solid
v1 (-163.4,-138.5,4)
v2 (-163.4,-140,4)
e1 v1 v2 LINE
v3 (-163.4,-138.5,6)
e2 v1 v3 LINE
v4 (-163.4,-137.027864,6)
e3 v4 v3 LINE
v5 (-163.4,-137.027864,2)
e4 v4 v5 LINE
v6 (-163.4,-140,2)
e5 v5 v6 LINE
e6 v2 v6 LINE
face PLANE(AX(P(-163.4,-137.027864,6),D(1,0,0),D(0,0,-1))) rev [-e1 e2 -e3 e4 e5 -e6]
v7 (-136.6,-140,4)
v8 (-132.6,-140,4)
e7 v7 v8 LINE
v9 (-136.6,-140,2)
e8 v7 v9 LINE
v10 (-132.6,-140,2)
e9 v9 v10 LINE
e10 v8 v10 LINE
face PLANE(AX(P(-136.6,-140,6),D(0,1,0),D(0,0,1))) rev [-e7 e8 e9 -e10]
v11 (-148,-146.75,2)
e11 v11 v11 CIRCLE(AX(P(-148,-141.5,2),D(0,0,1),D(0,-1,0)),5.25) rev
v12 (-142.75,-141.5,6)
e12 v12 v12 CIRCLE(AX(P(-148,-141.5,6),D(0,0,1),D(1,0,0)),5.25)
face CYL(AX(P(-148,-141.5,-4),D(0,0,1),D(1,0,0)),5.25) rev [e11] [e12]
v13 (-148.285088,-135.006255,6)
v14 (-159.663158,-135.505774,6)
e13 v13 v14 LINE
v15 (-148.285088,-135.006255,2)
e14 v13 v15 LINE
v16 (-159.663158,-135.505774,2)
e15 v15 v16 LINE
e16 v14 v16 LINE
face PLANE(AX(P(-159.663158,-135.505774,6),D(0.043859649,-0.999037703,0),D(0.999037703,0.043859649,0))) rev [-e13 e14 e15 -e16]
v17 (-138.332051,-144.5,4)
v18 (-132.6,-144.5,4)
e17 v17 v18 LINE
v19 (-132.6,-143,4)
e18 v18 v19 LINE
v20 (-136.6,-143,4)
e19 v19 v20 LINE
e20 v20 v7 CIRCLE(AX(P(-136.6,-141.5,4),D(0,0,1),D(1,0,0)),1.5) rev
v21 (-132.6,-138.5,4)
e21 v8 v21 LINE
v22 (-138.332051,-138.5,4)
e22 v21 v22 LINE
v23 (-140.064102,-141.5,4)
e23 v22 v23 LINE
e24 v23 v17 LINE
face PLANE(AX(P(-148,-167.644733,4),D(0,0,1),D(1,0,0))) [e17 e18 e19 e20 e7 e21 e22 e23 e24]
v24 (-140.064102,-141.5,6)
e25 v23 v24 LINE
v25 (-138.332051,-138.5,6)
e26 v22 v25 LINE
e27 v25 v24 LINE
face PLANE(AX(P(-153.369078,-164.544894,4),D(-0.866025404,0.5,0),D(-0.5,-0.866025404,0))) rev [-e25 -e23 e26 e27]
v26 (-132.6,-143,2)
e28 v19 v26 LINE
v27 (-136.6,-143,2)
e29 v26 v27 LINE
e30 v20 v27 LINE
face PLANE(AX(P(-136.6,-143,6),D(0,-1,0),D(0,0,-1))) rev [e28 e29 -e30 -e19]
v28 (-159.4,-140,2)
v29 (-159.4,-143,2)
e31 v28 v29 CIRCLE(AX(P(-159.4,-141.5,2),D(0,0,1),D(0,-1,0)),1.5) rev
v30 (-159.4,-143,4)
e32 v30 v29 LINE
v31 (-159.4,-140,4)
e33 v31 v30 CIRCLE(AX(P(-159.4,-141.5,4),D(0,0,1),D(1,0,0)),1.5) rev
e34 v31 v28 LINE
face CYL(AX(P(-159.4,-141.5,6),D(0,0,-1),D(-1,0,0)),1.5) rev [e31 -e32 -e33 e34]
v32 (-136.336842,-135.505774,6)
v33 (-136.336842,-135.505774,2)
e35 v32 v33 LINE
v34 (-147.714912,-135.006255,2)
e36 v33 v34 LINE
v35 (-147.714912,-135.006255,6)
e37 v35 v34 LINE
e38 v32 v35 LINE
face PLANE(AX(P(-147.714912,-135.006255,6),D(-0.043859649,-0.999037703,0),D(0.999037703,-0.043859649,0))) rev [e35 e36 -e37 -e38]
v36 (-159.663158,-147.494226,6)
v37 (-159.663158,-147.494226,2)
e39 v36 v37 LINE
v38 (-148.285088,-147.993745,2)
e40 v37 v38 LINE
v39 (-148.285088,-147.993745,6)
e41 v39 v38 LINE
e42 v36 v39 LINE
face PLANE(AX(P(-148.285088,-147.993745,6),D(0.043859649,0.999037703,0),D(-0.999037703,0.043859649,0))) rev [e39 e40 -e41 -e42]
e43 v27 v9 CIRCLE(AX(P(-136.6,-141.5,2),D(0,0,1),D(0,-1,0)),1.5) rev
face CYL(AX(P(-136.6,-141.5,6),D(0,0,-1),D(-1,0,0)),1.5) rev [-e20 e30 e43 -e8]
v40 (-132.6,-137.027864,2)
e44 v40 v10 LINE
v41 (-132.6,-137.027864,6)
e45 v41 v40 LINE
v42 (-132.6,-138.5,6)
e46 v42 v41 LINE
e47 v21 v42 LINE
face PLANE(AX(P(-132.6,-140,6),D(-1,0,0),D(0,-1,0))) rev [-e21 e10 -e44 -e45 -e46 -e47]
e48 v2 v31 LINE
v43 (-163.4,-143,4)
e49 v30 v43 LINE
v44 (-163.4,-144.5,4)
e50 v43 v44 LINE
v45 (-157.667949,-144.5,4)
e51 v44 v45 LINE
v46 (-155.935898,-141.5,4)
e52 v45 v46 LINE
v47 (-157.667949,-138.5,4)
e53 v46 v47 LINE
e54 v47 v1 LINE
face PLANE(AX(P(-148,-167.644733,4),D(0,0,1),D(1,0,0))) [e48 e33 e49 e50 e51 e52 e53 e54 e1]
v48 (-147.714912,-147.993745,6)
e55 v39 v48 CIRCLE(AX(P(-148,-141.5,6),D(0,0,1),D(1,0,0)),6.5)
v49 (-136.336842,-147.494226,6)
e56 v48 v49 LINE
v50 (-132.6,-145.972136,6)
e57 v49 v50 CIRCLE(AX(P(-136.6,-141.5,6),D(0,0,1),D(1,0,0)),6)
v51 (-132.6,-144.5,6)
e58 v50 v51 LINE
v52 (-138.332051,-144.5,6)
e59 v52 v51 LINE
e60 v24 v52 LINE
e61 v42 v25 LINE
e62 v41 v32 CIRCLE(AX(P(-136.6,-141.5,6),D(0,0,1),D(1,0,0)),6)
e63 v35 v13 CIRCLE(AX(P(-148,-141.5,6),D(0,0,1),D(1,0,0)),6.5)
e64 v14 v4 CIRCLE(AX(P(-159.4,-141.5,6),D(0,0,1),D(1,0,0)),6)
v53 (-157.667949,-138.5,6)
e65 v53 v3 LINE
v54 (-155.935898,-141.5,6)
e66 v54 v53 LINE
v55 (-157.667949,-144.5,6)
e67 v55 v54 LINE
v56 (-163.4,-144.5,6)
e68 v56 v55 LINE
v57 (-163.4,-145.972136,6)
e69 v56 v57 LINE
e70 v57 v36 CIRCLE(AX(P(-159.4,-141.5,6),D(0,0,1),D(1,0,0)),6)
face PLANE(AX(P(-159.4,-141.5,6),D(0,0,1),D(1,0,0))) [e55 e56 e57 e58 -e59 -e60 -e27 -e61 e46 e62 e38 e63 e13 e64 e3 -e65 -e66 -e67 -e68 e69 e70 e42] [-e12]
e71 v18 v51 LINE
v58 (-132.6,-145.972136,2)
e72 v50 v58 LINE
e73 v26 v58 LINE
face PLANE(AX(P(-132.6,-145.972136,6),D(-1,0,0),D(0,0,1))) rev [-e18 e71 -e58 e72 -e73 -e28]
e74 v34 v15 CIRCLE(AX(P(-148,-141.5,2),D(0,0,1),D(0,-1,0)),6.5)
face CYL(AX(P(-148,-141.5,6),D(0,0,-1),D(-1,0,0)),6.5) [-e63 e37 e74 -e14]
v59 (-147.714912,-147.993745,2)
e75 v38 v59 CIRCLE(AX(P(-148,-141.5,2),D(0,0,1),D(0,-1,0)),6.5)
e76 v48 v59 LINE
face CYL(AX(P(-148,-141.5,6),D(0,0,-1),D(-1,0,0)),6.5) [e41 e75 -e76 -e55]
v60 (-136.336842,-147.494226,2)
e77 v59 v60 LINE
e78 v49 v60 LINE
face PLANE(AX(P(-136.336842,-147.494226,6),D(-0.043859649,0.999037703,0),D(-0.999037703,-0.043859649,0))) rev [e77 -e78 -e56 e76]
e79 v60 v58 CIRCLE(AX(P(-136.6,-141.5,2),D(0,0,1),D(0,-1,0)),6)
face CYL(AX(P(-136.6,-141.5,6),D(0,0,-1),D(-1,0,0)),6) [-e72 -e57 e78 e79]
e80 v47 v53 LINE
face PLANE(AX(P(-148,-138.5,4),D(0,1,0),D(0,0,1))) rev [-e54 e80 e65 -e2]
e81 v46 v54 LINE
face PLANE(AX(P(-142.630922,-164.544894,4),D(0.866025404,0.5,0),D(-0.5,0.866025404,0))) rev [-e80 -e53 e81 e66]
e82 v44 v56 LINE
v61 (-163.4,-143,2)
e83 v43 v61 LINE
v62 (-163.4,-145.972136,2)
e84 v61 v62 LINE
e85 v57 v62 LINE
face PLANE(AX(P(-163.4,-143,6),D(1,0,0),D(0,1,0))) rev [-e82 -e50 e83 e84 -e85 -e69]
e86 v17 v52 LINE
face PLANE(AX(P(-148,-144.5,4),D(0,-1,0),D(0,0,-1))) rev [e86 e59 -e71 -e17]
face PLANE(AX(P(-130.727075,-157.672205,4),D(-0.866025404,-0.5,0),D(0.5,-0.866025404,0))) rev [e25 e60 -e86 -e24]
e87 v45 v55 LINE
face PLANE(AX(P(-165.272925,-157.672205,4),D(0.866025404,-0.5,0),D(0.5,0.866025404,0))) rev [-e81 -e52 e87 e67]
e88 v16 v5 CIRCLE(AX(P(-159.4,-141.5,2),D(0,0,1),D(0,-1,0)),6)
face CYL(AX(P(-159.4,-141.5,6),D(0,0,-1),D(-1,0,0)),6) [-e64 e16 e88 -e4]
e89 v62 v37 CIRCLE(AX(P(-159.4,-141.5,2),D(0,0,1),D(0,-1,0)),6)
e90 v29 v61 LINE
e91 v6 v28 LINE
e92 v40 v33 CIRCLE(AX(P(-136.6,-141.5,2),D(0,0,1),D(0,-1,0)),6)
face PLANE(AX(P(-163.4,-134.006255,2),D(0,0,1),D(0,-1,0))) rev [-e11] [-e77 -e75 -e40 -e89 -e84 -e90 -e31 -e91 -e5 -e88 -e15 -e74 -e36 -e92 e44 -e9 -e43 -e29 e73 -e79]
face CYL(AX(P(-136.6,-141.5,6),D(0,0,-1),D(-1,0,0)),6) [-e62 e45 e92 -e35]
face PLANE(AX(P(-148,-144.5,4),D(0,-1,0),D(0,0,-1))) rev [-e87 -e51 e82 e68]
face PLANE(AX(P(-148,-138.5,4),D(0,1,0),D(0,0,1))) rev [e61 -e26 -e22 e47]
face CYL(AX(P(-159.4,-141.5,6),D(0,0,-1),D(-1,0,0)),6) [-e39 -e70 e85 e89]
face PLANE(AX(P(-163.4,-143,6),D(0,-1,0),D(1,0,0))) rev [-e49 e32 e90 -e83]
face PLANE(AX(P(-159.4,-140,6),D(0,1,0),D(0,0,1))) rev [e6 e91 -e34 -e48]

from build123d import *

# Parameters (mm, degrees)
EXTRUDE_1_DEPTH     = 6
SKETCH_2_R          = 5.25
CUT_EXTRUDE_1_DEPTH = 10
CUT_EXTRUDE_2_DEPTH = 2
SKETCH_4_W          = 2
SKETCH_4_H          = 14.987490134
CUT_EXTRUDE_3_DEPTH = 31.8


with BuildPart() as part:
    # Эскиз1 → Бобышка-Вытянуть1 (new body)
    with BuildSketch(Plane.XY):
        with BuildLine():
            Line((-136.336842105, -147.494226215), (-147.714912281, -147.993745067))
            ThreePointArc((-147.714912281, -147.993745067), (-148, -148), (-148.285087719, -147.993745067))
            Line((-148.285087719, -147.993745067), (-159.663157895, -147.494226215))
            ThreePointArc((-159.663157895, -147.494226215), (-161.66336442, -147.05672399), (-163.4, -145.972135955))
            Line((-163.4, -145.972135955), (-163.4, -143))
            Line((-163.4, -143), (-159.4, -143))
            ThreePointArc((-159.4, -143), (-157.9, -141.5), (-159.4, -140))
            Line((-159.4, -140), (-163.4, -140))
            Line((-163.4, -140), (-163.4, -137.027864045))
            ThreePointArc((-163.4, -137.027864045), (-161.66336442, -135.94327601), (-159.663157895, -135.505773785))
            Line((-159.663157895, -135.505773785), (-148.285087719, -135.006254933))
            ThreePointArc((-148.285087719, -135.006254933), (-148, -135), (-147.714912281, -135.006254933))
            Line((-147.714912281, -135.006254933), (-136.336842105, -135.505773785))
            ThreePointArc((-136.336842105, -135.505773785), (-134.33663558, -135.94327601), (-132.6, -137.027864045))
            Line((-132.6, -137.027864045), (-132.6, -140))
            Line((-132.6, -140), (-136.6, -140))
            ThreePointArc((-136.6, -140), (-138.1, -141.5), (-136.6, -143))
            Line((-136.6, -143), (-132.6, -143))
            Line((-132.6, -143), (-132.6, -145.972135955))
            ThreePointArc((-132.6, -145.972135955), (-134.33663558, -147.05672399), (-136.336842105, -147.494226215))
        make_face()
    extrude(amount=EXTRUDE_1_DEPTH)

    # Эскиз2 → Вырез-Вытянуть1 (cut)
    with BuildSketch(Plane.XY.offset(6)):
        with Locations((-148, -141.5)):
            Circle(SKETCH_2_R)
    extrude(amount=-CUT_EXTRUDE_1_DEPTH, mode=Mode.SUBTRACT)

    # Эскиз3 → Вырез-Вытянуть2 (cut)
    with BuildSketch(Plane.XY.offset(6)):
        Polygon((-132.6, -138.5), (-134.867949192, -138.5), (-134.001923789, -140), (-132.6, -140), align=None)
        with BuildLine():
            Line((-134.001923789, -140), (-134.867949192, -138.5))
            Line((-134.867949192, -138.5), (-138.332050808, -138.5))
            Line((-138.332050808, -138.5), (-140.064101615, -141.5))
            Line((-140.064101615, -141.5), (-138.332050808, -144.5))
            Line((-138.332050808, -144.5), (-134.867949192, -144.5))
            Line((-134.867949192, -144.5), (-134.001923789, -143))
            Line((-134.001923789, -143), (-136.6, -143))
            ThreePointArc((-136.6, -143), (-138.1, -141.5), (-136.6, -140))
            Line((-136.6, -140), (-134.001923789, -140))
        make_face()
        Polygon((-132.6, -143), (-134.001923789, -143), (-134.867949192, -144.5), (-132.6, -144.5), align=None)
        with BuildLine():
            Line((-157.667949192, -138.5), (-161.132050808, -138.5))
            Line((-161.132050808, -138.5), (-161.998076211, -140))
            Line((-161.998076211, -140), (-159.4, -140))
            ThreePointArc((-159.4, -140), (-157.9, -141.5), (-159.4, -143))
            Line((-159.4, -143), (-161.998076211, -143))
            Line((-161.998076211, -143), (-161.132050808, -144.5))
            Line((-161.132050808, -144.5), (-157.667949192, -144.5))
            Line((-157.667949192, -144.5), (-155.935898385, -141.5))
            Line((-155.935898385, -141.5), (-157.667949192, -138.5))
        make_face()
        Polygon((-161.998076211, -140), (-161.132050808, -138.5), (-163.4, -138.5), (-163.4, -140), align=None)
        Polygon((-161.998076211, -143), (-163.4, -143), (-163.4, -144.5), (-161.132050808, -144.5), align=None)
    extrude(amount=-CUT_EXTRUDE_2_DEPTH, mode=Mode.SUBTRACT)

    # Эскиз4 → Вырез-Вытянуть3 (cut, through all)
    with BuildSketch(Plane(origin=(-132.6, 0, 0), x_dir=(0, 0, -1), z_dir=(1, 0, 0))):
        with Locations((-1, -141.5)):
            Rectangle(SKETCH_4_W, SKETCH_4_H)
    extrude(amount=-CUT_EXTRUDE_3_DEPTH, mode=Mode.SUBTRACT)


solid = part.part
